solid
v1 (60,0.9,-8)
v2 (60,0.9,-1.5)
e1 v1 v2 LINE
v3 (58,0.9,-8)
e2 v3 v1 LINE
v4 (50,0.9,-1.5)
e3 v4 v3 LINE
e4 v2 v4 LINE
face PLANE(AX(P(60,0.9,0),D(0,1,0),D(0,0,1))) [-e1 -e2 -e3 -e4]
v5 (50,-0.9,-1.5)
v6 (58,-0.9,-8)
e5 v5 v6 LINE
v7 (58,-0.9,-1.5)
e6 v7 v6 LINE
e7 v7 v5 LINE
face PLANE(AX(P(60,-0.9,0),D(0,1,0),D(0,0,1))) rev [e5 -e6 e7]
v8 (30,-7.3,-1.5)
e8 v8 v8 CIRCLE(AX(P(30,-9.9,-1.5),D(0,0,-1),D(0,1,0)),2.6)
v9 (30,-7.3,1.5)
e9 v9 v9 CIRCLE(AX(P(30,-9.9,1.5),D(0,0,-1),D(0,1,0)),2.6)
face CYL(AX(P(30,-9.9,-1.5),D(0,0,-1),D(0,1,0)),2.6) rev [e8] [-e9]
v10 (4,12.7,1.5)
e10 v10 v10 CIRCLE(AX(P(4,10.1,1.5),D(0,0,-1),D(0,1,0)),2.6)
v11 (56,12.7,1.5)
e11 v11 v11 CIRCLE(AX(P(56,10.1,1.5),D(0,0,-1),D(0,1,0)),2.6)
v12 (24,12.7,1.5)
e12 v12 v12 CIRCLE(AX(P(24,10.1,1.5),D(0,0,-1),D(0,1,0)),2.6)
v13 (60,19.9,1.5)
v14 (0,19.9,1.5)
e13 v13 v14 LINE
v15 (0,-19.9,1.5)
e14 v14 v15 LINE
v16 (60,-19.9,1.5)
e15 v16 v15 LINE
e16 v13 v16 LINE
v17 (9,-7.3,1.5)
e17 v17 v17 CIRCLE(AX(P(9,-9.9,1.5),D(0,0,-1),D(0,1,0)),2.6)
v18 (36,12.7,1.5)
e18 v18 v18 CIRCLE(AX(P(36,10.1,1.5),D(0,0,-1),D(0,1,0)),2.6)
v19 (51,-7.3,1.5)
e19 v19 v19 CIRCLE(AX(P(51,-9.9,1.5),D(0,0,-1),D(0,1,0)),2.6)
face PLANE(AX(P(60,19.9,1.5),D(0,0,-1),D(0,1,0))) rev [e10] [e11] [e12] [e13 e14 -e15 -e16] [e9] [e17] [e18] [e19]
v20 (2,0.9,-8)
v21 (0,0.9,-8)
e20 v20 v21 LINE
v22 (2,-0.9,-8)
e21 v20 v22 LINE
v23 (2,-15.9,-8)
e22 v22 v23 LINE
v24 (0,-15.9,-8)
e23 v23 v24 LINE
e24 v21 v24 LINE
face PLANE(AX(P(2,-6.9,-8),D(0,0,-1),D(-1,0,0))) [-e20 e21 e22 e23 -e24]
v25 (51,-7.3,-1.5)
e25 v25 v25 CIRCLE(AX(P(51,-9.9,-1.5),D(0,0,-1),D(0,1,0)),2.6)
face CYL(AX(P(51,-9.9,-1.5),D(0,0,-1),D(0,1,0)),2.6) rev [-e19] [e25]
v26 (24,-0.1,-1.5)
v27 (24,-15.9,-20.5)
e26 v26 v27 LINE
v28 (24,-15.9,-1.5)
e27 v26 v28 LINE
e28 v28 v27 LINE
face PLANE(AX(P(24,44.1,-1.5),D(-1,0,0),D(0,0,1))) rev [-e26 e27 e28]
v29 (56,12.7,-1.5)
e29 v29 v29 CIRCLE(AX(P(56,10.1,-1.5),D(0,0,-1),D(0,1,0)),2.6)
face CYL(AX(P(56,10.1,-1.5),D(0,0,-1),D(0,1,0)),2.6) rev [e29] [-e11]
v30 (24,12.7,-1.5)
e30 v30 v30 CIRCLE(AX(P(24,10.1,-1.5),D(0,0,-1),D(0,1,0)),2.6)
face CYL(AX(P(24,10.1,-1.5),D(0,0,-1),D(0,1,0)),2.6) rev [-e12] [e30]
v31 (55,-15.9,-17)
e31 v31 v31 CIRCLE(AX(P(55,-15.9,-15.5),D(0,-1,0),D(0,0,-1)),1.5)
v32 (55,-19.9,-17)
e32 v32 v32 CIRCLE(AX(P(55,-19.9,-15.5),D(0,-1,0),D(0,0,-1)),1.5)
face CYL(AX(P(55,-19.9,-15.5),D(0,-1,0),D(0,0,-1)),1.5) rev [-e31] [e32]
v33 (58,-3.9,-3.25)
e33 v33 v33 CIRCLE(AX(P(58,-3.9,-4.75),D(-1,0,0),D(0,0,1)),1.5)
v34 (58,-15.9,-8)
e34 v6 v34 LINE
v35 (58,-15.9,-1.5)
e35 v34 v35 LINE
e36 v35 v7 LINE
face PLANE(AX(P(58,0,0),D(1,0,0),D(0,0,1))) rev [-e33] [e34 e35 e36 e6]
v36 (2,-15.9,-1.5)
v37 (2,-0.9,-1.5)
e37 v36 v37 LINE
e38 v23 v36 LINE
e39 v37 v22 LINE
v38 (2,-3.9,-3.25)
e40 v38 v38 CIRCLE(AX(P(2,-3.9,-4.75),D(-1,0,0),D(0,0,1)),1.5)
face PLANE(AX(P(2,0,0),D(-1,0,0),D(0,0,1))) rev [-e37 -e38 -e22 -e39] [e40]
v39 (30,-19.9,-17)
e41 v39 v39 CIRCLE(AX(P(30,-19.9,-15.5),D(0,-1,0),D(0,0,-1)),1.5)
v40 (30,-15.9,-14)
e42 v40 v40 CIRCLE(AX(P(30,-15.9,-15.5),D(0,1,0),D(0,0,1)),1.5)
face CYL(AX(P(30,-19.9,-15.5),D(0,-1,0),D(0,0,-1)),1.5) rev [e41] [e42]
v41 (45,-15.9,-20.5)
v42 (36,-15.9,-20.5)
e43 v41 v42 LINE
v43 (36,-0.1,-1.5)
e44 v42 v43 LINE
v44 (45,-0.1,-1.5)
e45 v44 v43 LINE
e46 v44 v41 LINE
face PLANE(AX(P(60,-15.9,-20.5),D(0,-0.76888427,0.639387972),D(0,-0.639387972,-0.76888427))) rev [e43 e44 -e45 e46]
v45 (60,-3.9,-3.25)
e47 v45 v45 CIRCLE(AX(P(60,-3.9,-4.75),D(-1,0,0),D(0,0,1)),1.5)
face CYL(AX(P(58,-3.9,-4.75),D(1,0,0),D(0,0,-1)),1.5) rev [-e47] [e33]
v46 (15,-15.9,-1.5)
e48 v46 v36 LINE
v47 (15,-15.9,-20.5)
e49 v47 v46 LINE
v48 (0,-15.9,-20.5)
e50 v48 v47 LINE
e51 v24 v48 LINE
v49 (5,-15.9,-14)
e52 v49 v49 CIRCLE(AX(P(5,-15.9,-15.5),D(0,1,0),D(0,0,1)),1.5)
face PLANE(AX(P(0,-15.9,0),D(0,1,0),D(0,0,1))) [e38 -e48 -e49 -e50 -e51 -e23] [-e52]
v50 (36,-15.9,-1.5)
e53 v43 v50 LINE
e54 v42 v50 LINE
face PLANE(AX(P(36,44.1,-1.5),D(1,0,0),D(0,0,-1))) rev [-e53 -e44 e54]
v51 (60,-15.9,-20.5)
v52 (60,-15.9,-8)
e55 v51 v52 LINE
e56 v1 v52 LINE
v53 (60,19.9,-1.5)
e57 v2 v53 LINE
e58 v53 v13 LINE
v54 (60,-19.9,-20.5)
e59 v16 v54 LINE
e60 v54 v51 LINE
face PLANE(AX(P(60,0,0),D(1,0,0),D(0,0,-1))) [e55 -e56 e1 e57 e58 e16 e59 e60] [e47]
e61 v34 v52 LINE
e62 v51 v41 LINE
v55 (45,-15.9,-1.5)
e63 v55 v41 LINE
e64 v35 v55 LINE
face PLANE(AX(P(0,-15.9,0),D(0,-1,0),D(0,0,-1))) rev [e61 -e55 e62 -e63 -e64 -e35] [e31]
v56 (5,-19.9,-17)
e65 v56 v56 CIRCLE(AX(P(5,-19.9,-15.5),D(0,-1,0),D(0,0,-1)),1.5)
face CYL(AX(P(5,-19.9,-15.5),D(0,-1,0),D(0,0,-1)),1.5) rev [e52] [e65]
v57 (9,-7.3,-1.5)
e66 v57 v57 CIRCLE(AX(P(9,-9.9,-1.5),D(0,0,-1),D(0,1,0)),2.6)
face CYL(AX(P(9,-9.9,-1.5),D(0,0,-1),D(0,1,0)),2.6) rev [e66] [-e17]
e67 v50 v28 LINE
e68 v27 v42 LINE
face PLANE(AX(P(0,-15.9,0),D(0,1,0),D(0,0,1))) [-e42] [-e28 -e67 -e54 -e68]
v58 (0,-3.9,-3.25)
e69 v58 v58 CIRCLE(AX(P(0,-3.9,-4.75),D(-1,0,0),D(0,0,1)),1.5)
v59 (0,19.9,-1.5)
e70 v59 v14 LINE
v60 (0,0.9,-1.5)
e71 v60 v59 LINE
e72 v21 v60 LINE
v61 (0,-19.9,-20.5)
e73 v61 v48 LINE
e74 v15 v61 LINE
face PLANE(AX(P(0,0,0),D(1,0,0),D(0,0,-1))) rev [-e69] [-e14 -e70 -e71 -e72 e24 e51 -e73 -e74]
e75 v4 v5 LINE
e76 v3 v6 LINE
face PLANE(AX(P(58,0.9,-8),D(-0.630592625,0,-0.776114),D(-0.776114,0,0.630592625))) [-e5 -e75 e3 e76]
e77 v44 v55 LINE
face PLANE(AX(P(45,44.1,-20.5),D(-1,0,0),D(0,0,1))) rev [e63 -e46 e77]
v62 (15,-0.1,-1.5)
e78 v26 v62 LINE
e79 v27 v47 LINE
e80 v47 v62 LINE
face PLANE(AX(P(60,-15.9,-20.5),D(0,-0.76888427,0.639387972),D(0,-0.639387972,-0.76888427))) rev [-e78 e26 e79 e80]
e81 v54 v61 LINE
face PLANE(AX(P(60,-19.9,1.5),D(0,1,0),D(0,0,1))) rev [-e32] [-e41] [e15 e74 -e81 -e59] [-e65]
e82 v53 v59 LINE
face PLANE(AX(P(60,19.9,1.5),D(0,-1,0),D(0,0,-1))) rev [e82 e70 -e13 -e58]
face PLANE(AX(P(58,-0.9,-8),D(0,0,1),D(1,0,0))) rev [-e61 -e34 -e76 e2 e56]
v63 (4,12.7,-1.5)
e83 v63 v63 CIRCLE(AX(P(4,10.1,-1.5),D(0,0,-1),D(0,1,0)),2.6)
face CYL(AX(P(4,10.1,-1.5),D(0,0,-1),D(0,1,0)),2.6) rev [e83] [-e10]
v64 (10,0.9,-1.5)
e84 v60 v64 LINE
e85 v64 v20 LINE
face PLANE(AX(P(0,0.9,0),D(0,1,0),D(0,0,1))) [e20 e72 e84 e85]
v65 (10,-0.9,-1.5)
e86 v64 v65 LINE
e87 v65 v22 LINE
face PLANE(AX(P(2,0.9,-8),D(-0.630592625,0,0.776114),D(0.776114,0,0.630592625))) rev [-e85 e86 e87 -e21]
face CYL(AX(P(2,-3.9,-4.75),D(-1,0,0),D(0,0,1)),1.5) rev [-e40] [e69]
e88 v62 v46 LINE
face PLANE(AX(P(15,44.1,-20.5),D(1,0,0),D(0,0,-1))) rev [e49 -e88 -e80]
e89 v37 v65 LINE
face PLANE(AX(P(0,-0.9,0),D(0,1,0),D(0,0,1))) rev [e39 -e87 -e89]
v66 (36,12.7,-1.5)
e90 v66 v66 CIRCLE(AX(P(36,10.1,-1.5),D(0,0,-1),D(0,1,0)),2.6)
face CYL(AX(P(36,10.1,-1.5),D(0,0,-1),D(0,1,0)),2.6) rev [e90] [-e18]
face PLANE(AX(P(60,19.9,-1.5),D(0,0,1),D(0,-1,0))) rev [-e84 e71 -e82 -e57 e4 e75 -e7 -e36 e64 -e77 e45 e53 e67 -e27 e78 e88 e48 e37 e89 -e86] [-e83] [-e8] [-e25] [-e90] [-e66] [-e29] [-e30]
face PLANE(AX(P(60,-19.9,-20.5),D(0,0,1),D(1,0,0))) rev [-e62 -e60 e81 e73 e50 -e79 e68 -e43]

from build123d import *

# Parameters (mm, degrees)
EXTRUDE_1_DEPTH     = 60
SKETCH_2_W          = 15
SKETCH_2_H          = 19
SKETCH_2_W_2        = 12
CUT_EXTRUDE_1_DEPTH = 60
HOLE_WIZARD_1_D     = 5.2
HOLE_WIZARD_2_D     = 3
SKETCH_7_R          = 1.5
EXTRUDE_2_DEPTH     = 2
EXTRUDE_3_DEPTH     = 1.8
HOLE_WIZARD_3_D     = 5.2


with BuildPart() as part:
    # 草图1 → 凸台-拉伸1 (new body)
    with BuildSketch(Plane(origin=(0, 0, 0), x_dir=(0, 0, -1), z_dir=(1, 0, 0))):
        Polygon((-1.5, 19.9), (1.5, 19.9), (1.5, -0.1), (20.5, -15.9), (20.5, -19.9), (1.5, -19.9), (-1.5, -19.9), align=None)
    extrude(amount=EXTRUDE_1_DEPTH)

    # 草图2 → 切除-拉伸1 (cut)
    with BuildSketch(Plane(origin=(0, -15.9, 0), x_dir=(-1, 0, 0), z_dir=(0, -1, 0))):
        with Locations((-52.5, 11)):
            Rectangle(SKETCH_2_W, SKETCH_2_H)
        with Locations((-7.5, 11)):
            Rectangle(SKETCH_2_W, SKETCH_2_H)
        with Locations((-30, 11)):
            Rectangle(SKETCH_2_W_2, SKETCH_2_H)
    extrude(amount=-CUT_EXTRUDE_1_DEPTH, mode=Mode.SUBTRACT)

    # 孔1 (through all)
    with Locations(Plane(origin=(0, 0, -1.5), x_dir=(-1, 0, 0), z_dir=(0, 0, -1))):
        with Locations((-51, -9.9), (-30, -9.9), (-9, -9.9)):
            Hole(HOLE_WIZARD_1_D / 2)

    # 孔2 (through all)
    with Locations(Plane(origin=(0, -19.9, 0), x_dir=(-1, 0, 0), z_dir=(0, -1, 0))):
        with Locations((-55, 15.5), (-30, 15.5), (-5, 15.5)):
            Hole(HOLE_WIZARD_2_D / 2)

    # 草图7 → 凸台-拉伸2 (add)
    with BuildSketch(Plane.ZY):
        Polygon((-1.5, -0.9), (-8, -0.9), (-8, -6.9), (-8, -15.9), (-1.5, -15.9), (-1.5, -6.9), align=None)
        with Locations((-4.75, -3.9)):
            Circle(SKETCH_7_R, mode=Mode.SUBTRACT)
    extrude_2 = extrude(amount=-EXTRUDE_2_DEPTH)

    # 草图8 → 凸台-拉伸3 (add)
    with BuildSketch(Plane(origin=(0, -0.9, 0), x_dir=(1, 0, 0), z_dir=(0, 1, 0))):
        Polygon((2, 8), (10, 1.5), (2, 1.5), (0, 1.5), (0, 8), align=None)
    extrude_3 = extrude(amount=EXTRUDE_3_DEPTH)

    # 孔3 (through all)
    with Locations(Plane(origin=(56, 10.1, -1.5), x_dir=(0, -1, 0), z_dir=(0, 0, -1))):
        with Locations((0, 0), (0, 20), (0, 32), (0, 52)):
            Hole(HOLE_WIZARD_3_D / 2)

    # 镜向1: 凸台-拉伸2, 凸台-拉伸3 across plane
    add(extrude_2.mirror(Plane.ZY.offset(-30)))
    add(extrude_3.mirror(Plane.ZY.offset(-30)))


solid = part.part
